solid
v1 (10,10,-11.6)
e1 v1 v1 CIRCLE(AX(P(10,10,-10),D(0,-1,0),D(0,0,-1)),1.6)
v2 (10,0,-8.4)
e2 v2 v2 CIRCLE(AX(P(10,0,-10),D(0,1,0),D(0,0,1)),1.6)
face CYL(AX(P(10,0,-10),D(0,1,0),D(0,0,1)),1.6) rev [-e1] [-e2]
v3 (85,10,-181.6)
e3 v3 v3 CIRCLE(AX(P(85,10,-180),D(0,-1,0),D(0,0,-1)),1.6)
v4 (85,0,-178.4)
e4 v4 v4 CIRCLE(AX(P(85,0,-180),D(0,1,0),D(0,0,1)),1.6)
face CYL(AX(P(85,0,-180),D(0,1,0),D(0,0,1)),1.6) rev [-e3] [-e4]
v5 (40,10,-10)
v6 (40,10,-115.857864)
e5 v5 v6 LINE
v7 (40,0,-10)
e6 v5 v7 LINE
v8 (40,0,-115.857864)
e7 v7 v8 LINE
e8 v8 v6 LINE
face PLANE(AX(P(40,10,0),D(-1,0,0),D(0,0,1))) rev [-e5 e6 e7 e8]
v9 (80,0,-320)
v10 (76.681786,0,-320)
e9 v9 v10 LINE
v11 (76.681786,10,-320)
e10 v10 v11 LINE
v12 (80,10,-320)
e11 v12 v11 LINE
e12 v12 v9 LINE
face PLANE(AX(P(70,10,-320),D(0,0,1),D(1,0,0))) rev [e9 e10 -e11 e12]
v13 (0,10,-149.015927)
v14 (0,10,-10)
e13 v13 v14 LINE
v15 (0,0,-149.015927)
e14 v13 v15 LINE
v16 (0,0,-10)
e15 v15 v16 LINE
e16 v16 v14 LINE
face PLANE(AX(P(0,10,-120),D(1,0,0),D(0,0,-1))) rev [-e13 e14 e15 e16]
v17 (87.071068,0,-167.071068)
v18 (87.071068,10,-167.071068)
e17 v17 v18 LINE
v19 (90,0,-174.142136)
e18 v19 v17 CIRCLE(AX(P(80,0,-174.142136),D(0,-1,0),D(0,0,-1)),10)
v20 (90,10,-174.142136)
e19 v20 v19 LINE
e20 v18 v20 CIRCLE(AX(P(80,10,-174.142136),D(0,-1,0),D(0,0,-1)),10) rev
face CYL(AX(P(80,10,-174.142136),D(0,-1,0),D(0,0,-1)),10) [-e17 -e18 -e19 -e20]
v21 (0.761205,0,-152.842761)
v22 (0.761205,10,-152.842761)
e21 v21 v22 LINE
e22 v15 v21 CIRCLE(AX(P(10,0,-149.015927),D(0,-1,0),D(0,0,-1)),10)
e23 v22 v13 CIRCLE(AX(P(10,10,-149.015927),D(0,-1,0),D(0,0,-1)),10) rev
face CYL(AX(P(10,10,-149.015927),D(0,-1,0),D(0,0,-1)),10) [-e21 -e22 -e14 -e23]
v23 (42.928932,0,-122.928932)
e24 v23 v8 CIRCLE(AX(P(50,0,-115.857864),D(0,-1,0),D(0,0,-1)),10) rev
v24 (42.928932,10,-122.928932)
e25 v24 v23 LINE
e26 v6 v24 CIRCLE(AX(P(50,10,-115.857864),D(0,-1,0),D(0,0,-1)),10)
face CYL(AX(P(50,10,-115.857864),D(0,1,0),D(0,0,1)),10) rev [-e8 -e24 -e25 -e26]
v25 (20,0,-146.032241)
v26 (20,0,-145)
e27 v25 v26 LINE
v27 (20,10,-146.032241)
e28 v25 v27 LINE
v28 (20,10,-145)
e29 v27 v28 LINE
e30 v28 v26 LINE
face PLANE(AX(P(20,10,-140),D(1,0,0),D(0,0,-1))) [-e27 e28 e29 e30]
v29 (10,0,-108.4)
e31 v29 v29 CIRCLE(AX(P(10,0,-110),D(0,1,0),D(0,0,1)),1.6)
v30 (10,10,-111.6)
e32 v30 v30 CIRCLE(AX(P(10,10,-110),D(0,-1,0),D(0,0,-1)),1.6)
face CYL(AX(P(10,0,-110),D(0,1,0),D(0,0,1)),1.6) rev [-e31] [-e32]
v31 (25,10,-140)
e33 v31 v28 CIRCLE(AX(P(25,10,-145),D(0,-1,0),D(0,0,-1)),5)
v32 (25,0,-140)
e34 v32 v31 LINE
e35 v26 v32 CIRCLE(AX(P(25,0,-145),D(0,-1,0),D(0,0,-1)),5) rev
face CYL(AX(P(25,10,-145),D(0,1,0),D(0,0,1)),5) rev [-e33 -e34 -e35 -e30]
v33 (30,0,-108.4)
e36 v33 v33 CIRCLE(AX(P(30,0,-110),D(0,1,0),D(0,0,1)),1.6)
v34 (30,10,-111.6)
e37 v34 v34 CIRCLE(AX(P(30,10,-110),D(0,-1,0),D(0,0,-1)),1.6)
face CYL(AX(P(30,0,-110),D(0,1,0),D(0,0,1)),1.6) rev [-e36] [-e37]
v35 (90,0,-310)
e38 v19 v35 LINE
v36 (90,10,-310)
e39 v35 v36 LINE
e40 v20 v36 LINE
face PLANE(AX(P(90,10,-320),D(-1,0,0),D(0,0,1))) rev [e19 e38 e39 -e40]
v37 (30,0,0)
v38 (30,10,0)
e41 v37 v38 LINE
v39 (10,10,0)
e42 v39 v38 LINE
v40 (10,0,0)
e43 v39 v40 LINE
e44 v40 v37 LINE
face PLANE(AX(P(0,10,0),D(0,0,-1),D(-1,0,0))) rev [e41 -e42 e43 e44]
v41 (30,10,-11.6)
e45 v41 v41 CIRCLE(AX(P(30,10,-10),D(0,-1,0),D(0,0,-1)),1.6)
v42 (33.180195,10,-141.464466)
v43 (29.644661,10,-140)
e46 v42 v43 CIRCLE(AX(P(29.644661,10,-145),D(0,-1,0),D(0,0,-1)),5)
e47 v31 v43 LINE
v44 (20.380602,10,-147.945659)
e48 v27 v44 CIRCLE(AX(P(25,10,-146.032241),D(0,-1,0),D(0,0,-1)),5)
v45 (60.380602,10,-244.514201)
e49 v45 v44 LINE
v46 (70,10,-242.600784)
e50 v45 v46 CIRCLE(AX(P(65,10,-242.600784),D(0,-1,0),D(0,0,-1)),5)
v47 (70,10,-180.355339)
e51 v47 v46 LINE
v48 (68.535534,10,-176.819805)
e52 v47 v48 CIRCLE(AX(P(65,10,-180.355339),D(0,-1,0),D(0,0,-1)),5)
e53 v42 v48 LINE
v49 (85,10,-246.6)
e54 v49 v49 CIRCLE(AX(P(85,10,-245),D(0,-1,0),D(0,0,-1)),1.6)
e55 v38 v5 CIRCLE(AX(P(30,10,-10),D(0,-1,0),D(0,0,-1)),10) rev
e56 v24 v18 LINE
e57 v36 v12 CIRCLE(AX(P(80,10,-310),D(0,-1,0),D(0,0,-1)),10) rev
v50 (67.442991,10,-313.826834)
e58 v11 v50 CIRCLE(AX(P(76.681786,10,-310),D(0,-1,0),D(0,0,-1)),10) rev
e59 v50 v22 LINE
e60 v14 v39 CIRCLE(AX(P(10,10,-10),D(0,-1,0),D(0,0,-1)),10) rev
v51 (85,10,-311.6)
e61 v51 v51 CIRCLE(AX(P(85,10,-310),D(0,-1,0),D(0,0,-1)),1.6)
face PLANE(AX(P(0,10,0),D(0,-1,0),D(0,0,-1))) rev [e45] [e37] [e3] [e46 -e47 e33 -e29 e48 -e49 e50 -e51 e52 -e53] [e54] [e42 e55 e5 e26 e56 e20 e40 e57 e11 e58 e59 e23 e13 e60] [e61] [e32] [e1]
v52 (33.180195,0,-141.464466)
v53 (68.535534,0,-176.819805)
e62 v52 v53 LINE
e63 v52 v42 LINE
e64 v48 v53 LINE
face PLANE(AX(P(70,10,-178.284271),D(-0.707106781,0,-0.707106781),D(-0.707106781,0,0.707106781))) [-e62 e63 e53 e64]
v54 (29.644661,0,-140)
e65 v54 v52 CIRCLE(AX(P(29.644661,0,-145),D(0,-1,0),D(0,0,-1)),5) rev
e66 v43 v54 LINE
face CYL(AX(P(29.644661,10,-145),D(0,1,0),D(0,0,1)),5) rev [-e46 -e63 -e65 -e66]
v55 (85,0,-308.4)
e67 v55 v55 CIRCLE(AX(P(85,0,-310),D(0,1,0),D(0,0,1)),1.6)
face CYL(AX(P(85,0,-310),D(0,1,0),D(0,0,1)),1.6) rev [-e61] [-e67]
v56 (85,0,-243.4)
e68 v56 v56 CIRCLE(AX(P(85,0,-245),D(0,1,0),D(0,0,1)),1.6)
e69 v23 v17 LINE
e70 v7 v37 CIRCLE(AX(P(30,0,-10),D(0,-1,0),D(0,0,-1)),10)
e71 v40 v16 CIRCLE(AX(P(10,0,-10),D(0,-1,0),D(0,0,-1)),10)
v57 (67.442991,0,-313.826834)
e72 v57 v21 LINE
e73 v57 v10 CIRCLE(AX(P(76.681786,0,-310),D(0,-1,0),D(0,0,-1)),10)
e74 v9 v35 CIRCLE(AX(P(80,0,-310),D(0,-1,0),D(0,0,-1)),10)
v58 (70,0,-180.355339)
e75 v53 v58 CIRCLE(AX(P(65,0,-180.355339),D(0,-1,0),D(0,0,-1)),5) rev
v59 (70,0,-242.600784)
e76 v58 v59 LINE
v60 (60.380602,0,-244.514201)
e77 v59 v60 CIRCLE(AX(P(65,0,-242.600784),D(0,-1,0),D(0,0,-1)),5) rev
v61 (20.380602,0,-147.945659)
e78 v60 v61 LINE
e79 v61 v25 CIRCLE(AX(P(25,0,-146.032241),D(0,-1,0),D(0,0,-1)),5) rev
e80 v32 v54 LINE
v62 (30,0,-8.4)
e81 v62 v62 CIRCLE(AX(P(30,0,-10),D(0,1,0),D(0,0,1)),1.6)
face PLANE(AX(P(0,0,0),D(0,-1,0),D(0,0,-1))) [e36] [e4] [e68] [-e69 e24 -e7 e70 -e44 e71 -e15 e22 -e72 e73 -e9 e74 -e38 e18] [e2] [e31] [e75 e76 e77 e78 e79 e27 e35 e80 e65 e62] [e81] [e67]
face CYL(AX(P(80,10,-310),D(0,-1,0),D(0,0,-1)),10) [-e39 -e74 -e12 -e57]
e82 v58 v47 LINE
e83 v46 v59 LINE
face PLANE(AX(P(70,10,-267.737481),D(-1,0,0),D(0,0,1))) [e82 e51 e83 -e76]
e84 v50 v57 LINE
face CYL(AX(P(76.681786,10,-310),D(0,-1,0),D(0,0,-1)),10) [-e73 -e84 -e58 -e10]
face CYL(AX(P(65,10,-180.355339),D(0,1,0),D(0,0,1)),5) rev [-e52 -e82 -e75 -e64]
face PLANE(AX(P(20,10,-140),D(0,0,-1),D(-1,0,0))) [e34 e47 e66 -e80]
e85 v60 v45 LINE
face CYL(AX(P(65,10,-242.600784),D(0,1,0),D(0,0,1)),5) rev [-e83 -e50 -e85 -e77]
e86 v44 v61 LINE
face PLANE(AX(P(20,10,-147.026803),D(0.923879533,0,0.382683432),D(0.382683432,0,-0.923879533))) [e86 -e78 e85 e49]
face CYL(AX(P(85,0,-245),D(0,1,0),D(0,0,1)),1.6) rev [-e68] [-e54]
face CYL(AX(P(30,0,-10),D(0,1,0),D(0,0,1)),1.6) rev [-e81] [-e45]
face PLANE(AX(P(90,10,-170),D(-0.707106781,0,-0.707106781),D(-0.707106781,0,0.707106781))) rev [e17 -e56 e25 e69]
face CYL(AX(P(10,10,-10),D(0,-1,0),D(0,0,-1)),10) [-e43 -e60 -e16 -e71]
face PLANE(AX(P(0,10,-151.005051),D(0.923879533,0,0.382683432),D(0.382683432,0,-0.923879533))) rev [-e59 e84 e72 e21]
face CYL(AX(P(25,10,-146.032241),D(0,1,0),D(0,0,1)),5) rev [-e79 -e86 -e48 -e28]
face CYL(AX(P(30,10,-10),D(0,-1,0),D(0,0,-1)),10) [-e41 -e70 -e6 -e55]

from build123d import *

# Parameters (mm, degrees)
BOSS_EXTRUDE1_DEPTH     = 10
CUT_EXTRUDE1_DEPTH      = 333.565782966
CUT_EXTRUDE1_DEPTH_BACK = 333.565782966
SKETCH2_R               = 1.6
FILLET2_R               = 5
CUT_EXTRUDE3_DEPTH      = 333.565782966
CUT_EXTRUDE3_DEPTH_BACK = 333.565782966
SKETCH4_R               = 1.6
FILLET3_R               = 10


with BuildPart() as part:
    # Sketch1 → Boss-Extrude1 (new body)
    with BuildSketch(Plane(origin=(0, 0, 0), x_dir=(1, 0, 0), z_dir=(0, 1, 0))):
        Polygon((0, 120), (0, 151.005050634), (70, 320), (90, 320), (90, 170), (40, 120), (40, 0), (0, 0), align=None)
        Polygon((20, 147.026803286), (70, 267.737481405), (70, 178.284271247), (31.715728753, 140), (20, 140), align=None, mode=Mode.SUBTRACT)
    extrude(amount=BOSS_EXTRUDE1_DEPTH)

    # Sketch2 → Cut-Extrude1 (cut, two sides: drawn at the far end of the back side and taken through both)
    with BuildSketch(Plane(origin=(0, 10, 0), x_dir=(1, 0, 0), z_dir=(0, 1, 0)).offset(-CUT_EXTRUDE1_DEPTH_BACK)):
        with Locations(Location((10, 110, 0), (0, 0, 270))):
            Circle(SKETCH2_R)
        with Locations(Location((30, 110, 0), (0, 0, 270))):
            Circle(SKETCH2_R)
        with Locations(Location((10, 10, 0), (0, 0, 270))):
            Circle(SKETCH2_R)
        with Locations(Location((30, 10, 0), (0, 0, 270))):
            Circle(SKETCH2_R)
    extrude(amount=CUT_EXTRUDE1_DEPTH + CUT_EXTRUDE1_DEPTH_BACK, mode=Mode.SUBTRACT)

    # Fillet2
    fillet2_edges = [part.edges().sort_by_distance(p)[0] for p in [
        (20, 5, -147.026803286),
        (20, 5, -140),
        (31.715728753, 5, -140),
        (70, 5, -178.284271247),
        (70, 5, -267.737481405),
    ]]
    fillet(fillet2_edges, radius=FILLET2_R)

    # Sketch4 → Cut-Extrude3 (cut, two sides: drawn at the far end of the back side and taken through both)
    with BuildSketch(Plane(origin=(0, 10, 0), x_dir=(1, 0, 0), z_dir=(0, 1, 0)).offset(-CUT_EXTRUDE3_DEPTH_BACK)):
        with Locations(Location((85, 310, 0), (0, 0, 270))):
            Circle(SKETCH4_R)
        with Locations(Location((85, 245, 0), (0, 0, 270))):
            Circle(SKETCH4_R)
        with Locations(Location((85, 180, 0), (0, 0, 270))):
            Circle(SKETCH4_R)
    extrude(amount=CUT_EXTRUDE3_DEPTH + CUT_EXTRUDE3_DEPTH_BACK, mode=Mode.SUBTRACT)

    # Fillet3
    fillet3_edges = [part.edges().sort_by_distance(p)[0] for p in [
        (0, 5, -151.005050634),
        (70, 5, -320),
        (90, 5, -320),
        (90, 5, -170),
        (40, 5, -120),
        (40, 5, 0),
        (0, 5, 0),
    ]]
    fillet(fillet3_edges, radius=FILLET3_R)


solid = part.part
